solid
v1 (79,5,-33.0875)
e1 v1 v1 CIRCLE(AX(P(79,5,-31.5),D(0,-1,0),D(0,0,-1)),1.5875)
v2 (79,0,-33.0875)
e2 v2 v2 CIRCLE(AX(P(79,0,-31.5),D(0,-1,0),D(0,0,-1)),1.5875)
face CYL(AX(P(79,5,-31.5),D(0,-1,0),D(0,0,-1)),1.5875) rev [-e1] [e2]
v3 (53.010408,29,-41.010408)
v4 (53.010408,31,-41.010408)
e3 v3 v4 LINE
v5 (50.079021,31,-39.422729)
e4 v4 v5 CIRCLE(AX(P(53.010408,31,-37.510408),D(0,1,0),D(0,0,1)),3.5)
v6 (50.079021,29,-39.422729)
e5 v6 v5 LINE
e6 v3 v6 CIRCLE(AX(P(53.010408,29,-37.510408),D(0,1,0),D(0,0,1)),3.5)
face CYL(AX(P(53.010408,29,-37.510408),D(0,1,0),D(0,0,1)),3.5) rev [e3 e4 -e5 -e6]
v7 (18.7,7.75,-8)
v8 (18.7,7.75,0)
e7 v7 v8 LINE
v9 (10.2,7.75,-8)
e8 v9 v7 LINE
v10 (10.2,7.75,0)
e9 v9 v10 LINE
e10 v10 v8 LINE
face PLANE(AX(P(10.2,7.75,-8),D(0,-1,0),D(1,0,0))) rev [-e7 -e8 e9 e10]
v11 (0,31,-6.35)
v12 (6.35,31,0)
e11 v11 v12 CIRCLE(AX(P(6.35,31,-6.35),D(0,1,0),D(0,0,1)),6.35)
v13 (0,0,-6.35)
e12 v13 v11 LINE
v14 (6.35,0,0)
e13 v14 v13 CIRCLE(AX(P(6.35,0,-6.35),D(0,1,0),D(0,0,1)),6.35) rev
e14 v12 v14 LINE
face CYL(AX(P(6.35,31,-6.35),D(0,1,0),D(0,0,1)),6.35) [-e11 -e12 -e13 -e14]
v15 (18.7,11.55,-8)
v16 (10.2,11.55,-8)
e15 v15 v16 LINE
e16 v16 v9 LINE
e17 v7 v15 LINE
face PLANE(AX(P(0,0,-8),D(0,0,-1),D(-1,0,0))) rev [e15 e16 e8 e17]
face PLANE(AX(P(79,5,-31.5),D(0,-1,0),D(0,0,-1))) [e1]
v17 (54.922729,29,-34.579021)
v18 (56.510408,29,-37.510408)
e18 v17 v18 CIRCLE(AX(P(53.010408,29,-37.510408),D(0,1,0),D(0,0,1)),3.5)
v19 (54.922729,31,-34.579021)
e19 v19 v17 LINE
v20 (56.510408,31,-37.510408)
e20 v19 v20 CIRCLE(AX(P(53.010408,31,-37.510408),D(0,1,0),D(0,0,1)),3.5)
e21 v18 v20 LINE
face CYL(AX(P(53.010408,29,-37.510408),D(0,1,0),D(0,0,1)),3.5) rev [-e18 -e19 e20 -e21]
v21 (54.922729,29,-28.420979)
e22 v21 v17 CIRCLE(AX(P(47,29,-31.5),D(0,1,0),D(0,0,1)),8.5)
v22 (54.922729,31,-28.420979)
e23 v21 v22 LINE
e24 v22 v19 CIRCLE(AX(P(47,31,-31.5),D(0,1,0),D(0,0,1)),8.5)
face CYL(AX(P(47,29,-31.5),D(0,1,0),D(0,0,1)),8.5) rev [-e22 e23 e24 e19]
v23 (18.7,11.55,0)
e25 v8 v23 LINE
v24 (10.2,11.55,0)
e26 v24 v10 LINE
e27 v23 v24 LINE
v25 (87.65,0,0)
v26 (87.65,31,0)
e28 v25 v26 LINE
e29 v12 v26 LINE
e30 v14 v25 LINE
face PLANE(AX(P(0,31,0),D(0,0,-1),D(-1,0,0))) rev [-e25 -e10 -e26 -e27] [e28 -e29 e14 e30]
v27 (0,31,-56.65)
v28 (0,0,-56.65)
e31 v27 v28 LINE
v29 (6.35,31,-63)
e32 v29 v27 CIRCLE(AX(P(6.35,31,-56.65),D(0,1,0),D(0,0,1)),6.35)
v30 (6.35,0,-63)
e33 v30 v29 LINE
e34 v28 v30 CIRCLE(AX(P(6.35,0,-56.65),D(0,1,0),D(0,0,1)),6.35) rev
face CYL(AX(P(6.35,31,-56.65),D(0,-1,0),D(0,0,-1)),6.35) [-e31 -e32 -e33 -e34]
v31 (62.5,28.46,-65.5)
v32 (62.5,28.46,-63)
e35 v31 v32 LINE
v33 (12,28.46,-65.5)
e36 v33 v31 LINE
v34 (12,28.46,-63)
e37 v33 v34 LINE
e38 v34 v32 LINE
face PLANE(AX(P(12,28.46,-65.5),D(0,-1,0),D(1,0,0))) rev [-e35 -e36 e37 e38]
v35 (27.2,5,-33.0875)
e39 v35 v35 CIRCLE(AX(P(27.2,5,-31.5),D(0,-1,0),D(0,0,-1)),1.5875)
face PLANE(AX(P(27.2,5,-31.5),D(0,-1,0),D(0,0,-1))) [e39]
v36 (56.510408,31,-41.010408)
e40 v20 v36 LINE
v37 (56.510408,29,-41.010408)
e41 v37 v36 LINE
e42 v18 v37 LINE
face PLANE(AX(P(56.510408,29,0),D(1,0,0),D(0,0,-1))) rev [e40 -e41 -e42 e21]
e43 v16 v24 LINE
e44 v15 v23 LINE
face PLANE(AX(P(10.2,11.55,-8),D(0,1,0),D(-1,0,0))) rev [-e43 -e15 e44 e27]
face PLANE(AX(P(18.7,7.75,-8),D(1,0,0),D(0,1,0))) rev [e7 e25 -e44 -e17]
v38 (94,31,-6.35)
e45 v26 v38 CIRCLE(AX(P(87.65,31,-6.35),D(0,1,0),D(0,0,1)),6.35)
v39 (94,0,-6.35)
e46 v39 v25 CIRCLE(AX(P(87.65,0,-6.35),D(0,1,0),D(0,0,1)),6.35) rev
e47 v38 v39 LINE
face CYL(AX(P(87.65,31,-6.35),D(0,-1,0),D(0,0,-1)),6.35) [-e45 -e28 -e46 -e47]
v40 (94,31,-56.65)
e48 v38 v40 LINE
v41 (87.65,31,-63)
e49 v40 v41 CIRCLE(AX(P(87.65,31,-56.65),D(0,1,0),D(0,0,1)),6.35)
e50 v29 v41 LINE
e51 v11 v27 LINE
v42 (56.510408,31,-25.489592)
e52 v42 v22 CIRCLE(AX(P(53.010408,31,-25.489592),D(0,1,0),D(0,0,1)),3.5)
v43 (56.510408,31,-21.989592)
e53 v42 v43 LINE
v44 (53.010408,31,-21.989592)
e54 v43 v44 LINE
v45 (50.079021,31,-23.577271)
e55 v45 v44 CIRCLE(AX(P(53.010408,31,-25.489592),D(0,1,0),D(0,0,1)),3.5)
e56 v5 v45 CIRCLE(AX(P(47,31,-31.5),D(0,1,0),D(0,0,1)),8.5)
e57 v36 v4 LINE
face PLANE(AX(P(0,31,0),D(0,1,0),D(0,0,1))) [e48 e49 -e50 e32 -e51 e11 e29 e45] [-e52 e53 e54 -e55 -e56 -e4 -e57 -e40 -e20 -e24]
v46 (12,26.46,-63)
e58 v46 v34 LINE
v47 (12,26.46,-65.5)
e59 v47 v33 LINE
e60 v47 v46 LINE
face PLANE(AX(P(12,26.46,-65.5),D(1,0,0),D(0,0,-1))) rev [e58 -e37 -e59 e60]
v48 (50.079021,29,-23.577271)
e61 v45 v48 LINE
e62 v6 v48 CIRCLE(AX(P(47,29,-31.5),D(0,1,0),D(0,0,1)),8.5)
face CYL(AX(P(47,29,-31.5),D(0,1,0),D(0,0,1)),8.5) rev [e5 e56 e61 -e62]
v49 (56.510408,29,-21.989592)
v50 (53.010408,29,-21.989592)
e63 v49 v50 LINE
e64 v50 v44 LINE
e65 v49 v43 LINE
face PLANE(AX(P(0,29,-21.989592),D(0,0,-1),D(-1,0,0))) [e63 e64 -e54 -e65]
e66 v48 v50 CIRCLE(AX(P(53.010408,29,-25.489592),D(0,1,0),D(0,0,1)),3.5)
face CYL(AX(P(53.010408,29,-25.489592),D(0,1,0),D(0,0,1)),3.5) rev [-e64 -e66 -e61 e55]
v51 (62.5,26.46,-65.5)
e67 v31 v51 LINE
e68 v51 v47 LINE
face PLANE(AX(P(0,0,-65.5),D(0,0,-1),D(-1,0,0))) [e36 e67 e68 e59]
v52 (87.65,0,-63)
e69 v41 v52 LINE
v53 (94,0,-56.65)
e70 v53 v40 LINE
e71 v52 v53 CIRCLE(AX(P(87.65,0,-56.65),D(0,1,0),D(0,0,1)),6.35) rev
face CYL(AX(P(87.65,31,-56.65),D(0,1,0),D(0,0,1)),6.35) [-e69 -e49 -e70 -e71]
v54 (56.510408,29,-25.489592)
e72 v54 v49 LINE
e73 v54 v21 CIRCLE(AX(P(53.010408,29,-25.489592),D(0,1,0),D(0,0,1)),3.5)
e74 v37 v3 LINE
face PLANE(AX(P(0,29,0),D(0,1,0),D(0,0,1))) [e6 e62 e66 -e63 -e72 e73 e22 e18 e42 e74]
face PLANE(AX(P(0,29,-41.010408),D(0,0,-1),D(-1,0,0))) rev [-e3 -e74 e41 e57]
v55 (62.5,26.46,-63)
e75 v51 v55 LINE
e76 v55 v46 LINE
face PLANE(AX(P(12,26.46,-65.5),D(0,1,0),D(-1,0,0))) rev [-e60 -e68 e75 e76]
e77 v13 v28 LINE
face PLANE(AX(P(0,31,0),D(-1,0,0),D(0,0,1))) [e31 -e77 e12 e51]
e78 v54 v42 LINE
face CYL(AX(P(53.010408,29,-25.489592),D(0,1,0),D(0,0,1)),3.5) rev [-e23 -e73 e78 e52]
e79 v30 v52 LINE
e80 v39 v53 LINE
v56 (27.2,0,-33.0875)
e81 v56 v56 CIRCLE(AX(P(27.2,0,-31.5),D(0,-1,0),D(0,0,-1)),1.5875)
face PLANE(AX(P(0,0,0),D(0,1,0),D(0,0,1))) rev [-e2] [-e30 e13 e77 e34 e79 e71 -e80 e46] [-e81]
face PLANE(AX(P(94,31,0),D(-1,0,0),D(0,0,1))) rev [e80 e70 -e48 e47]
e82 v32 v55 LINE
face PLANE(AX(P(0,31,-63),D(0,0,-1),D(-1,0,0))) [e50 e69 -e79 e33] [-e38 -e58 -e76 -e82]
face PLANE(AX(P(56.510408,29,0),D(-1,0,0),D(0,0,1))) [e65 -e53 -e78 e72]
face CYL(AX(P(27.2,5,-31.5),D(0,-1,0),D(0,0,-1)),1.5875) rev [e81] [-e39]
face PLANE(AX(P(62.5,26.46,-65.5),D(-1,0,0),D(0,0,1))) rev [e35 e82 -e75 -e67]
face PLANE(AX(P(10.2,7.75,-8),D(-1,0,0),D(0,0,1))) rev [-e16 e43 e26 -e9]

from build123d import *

# Parameters (mm, degrees)
SKETCH1_W           = 94
SKETCH1_H           = 63
BOSS_EXTRUDE1_DEPTH = 31
FILLET1_R           = 6.35
SKETCH3_W           = 50.5
SKETCH3_H           = 2
BOSS_EXTRUDE2_DEPTH = 2.5
SKETCH4_W           = 8.5
SKETCH4_H           = 3.8
CUT_EXTRUDE1_DEPTH  = 8
SKETCH5_R           = 8.5
SKETCH5_R_2         = 3.5
SKETCH5_W           = 3.5
SKETCH5_H           = 3.5
CUT_EXTRUDE2_DEPTH  = 2
SKETCH6_R           = 1.5875
CUT_EXTRUDE3_DEPTH  = 5


with BuildPart() as part:
    # Sketch1 → Boss-Extrude1 (new body)
    with BuildSketch(Plane(origin=(0, 0, 0), x_dir=(1, 0, 0), z_dir=(0, 1, 0))):
        with Locations((47, 31.5)):
            Rectangle(SKETCH1_W, SKETCH1_H)
    extrude(amount=BOSS_EXTRUDE1_DEPTH)

    # Fillet1
    fillet1_edges = [part.edges().sort_by_distance(p)[0] for p in [
        (0, 15.5, 0),
        (0, 15.5, -63),
        (94, 15.5, -63),
        (94, 15.5, 0),
    ]]
    fillet(fillet1_edges, radius=FILLET1_R)

    # Sketch3 → Boss-Extrude2 (add)
    with BuildSketch(Plane(origin=(0, 0, -63), x_dir=(-1, 0, 0), z_dir=(0, 0, -1))):
        with Locations((-37.25, 27.46)):
            Rectangle(SKETCH3_W, SKETCH3_H)
    extrude(amount=BOSS_EXTRUDE2_DEPTH)

    # Sketch4 → Cut-Extrude1 (cut)
    with BuildSketch(Plane.XY):
        with Locations((14.45, 9.65)):
            Rectangle(SKETCH4_W, SKETCH4_H)
    extrude(amount=-CUT_EXTRUDE1_DEPTH, mode=Mode.SUBTRACT)

    # Sketch5 → Cut-Extrude2 (cut)
    with BuildSketch(Plane(origin=(0, 31, 0), x_dir=(1, 0, 0), z_dir=(0, 1, 0))):
        with Locations((47, 31.5)):
            Circle(SKETCH5_R)
        with Locations((53.01040764, 37.51040764)):
            Circle(SKETCH5_R_2)
        with Locations((53.01040764, 25.48959236)):
            Circle(SKETCH5_R_2)
        with Locations((54.76040764, 39.26040764)):
            Rectangle(SKETCH5_W, SKETCH5_H)
        with Locations((54.76040764, 23.73959236)):
            Rectangle(SKETCH5_W, SKETCH5_H)
    extrude(amount=-CUT_EXTRUDE2_DEPTH, mode=Mode.SUBTRACT)

    # Sketch6 → Cut-Extrude3 (cut)
    with BuildSketch(Plane.XZ):
        with Locations((27.2, -31.5)):
            Circle(SKETCH6_R)
        with Locations((79, -31.5)):
            Circle(SKETCH6_R)
    extrude(amount=-CUT_EXTRUDE3_DEPTH, mode=Mode.SUBTRACT)


solid = part.part
